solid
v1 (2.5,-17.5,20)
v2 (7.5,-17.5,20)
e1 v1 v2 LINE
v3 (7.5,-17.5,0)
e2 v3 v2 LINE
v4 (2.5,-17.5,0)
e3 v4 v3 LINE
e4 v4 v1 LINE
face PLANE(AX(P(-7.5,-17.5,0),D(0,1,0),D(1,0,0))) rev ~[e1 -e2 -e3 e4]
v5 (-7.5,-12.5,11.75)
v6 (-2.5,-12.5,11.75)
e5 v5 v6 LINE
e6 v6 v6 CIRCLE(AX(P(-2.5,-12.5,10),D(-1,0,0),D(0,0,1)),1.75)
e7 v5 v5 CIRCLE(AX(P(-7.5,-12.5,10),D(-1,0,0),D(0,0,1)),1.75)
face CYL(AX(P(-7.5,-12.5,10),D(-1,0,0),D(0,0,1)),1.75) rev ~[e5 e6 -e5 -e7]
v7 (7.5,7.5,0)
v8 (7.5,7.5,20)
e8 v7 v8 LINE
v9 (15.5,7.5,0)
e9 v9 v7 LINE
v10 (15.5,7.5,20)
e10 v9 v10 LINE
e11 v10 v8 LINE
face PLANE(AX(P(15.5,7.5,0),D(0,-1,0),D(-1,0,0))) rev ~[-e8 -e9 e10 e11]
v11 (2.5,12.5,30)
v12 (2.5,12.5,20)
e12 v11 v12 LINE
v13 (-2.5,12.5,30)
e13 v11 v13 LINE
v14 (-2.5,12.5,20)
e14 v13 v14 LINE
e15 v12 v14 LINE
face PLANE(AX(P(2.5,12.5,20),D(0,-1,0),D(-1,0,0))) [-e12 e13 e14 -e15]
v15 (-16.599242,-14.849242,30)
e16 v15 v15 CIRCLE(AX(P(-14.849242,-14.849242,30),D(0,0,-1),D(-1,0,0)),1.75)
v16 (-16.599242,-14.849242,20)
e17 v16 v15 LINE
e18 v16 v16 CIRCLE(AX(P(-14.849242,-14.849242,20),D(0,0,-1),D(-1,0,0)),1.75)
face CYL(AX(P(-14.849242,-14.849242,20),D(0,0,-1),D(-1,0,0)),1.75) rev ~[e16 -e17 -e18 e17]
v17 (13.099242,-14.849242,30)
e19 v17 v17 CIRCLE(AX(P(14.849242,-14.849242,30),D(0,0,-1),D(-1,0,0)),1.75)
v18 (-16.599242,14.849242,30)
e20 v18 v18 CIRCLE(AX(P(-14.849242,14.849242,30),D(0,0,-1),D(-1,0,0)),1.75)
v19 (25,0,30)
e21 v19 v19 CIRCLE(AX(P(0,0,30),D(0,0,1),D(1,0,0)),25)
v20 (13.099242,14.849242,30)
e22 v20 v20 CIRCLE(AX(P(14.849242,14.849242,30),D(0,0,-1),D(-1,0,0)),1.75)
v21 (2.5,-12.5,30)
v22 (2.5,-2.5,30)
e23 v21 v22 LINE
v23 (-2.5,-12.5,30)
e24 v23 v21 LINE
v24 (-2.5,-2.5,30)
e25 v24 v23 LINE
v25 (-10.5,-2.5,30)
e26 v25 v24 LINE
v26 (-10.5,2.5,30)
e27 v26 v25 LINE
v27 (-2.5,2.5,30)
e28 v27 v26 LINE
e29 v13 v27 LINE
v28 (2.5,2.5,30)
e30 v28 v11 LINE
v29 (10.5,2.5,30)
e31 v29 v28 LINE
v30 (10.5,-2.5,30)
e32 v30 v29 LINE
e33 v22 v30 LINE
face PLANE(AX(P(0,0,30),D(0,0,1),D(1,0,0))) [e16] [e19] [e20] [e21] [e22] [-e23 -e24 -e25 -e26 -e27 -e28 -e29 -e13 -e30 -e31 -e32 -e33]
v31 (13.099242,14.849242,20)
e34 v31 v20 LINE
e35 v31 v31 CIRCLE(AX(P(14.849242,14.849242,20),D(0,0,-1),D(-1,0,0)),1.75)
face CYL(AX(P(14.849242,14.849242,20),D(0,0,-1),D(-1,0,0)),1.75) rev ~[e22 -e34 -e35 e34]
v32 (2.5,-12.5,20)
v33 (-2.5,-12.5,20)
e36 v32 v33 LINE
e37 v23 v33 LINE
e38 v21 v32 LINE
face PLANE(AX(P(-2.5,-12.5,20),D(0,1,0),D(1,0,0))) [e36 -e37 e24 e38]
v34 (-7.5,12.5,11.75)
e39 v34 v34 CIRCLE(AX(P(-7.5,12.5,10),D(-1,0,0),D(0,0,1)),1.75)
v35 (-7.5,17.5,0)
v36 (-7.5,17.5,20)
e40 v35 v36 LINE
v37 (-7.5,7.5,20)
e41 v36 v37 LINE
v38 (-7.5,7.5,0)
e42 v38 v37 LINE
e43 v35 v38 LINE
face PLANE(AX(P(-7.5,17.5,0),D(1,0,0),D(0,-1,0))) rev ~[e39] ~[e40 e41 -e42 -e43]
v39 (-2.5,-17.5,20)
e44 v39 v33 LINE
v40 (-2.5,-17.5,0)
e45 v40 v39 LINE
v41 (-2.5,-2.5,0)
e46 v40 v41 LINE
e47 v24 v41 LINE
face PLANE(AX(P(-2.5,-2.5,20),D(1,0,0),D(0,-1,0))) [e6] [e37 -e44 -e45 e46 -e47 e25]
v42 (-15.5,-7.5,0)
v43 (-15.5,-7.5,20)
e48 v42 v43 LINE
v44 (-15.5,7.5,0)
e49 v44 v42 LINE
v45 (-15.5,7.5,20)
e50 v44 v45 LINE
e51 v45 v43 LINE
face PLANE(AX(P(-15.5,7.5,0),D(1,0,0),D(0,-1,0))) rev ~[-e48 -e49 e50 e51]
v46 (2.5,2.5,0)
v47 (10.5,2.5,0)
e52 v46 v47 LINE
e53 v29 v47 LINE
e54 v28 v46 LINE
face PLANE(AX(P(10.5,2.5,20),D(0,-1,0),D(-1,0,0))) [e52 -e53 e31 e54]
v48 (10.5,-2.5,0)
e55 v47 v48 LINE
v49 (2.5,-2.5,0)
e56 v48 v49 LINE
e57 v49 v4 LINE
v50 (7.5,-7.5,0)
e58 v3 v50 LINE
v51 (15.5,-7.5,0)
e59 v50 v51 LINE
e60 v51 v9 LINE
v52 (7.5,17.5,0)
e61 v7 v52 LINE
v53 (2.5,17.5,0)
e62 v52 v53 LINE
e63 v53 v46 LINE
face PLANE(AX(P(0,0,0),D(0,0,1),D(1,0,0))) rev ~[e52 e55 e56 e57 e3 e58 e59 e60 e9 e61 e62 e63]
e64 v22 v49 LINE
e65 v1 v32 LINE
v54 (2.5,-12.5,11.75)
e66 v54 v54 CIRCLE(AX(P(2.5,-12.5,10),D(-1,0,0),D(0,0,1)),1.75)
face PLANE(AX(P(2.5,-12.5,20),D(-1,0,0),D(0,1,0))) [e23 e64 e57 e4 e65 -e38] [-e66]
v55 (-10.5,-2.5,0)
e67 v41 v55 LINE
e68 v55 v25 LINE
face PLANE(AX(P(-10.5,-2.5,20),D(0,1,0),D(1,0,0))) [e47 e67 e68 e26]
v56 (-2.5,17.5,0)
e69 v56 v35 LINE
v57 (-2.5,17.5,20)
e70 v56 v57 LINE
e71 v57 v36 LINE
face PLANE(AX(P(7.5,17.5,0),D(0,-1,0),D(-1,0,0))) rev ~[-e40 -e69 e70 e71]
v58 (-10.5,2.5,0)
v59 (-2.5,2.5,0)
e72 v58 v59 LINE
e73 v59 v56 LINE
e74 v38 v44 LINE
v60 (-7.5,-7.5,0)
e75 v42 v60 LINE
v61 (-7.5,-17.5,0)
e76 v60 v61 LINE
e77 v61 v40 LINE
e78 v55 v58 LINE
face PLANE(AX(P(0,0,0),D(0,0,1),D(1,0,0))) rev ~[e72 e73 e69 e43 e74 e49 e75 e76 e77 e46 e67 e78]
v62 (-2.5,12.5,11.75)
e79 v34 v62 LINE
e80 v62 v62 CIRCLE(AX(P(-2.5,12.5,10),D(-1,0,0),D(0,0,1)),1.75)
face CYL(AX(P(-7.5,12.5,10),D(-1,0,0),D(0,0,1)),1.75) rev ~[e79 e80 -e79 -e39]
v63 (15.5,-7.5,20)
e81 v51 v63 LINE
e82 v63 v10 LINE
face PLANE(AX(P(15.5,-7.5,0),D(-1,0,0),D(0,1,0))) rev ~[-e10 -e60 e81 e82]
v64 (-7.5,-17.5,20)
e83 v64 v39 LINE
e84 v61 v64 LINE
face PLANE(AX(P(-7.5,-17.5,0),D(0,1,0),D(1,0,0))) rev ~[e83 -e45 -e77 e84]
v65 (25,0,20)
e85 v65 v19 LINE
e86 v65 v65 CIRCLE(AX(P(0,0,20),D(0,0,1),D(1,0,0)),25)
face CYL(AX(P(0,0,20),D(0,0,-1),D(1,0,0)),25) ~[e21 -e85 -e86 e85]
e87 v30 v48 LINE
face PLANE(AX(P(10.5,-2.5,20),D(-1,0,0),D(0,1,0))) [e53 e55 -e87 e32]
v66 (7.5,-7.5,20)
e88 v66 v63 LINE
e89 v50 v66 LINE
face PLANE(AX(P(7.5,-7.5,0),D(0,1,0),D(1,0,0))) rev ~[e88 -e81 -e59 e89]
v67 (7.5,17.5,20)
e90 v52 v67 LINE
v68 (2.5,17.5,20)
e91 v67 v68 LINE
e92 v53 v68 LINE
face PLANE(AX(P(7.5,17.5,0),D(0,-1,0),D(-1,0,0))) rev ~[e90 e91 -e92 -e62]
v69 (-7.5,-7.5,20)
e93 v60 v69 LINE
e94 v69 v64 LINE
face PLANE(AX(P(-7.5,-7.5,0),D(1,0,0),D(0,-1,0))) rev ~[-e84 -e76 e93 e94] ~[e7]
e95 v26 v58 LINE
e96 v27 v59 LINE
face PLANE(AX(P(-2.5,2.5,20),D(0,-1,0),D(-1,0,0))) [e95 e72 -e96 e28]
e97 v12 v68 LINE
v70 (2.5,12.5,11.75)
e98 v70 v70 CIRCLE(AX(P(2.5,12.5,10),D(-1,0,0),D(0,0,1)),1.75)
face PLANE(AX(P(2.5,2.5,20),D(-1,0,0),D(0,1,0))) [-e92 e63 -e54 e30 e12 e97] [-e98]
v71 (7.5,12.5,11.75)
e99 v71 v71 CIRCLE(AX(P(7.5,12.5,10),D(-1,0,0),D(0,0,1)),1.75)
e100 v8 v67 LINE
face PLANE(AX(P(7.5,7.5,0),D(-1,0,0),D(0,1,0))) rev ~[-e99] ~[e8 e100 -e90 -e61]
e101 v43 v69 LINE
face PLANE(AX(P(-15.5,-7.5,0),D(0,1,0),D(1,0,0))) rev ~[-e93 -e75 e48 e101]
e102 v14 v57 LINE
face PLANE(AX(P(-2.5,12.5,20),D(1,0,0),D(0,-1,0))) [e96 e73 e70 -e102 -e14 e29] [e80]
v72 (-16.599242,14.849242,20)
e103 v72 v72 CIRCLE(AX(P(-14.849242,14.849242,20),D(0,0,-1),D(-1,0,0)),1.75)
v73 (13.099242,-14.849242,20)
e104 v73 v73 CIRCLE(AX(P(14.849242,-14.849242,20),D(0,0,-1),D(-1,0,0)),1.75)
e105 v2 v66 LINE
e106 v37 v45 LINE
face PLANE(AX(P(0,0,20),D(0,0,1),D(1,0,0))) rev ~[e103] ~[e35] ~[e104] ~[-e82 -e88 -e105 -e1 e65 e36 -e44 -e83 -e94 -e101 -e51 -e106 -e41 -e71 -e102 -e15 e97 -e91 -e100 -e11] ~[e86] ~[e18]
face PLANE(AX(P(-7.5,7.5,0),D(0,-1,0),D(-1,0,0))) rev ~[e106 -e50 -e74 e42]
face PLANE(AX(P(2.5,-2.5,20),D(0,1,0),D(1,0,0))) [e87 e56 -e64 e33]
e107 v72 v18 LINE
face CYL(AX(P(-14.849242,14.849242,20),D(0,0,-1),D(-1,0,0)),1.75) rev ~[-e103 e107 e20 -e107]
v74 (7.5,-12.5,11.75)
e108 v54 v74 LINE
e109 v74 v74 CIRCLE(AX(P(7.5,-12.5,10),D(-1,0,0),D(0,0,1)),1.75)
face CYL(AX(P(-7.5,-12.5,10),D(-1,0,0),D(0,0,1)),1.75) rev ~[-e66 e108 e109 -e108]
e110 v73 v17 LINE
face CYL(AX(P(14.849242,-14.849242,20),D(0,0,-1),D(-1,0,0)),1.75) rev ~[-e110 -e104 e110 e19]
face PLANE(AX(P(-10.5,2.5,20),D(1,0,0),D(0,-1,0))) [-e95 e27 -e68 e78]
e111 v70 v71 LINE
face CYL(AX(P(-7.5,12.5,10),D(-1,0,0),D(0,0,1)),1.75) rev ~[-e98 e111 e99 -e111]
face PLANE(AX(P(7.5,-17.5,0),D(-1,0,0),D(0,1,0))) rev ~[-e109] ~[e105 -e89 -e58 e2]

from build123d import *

# Parameters (mm, degrees)
EXTRUDE_1_DEPTH     = 20
SKETCH_2_R          = 25
EXTRUDE_2_DEPTH     = 10
SKETCH_5_W          = 5
SKETCH_5_H          = 5
CUT_EXTRUDE_2_DEPTH = 20
SKETCH_6_R          = 1.75
CUT_EXTRUDE_3_DEPTH = 10
SKETCH_7_R          = 1.75
CUT_EXTRUDE_4_DEPTH = 38


with BuildPart() as part:
    # 草图1 → 凸台-拉伸1 (new body)
    with BuildSketch(Plane.XY):
        Polygon((-15.5, 7.5), (-15.5, -7.5), (-7.5, -7.5), (-7.5, -17.5), (7.5, -17.5), (7.5, -7.5), (15.5, -7.5), (15.5, 7.5), (7.5, 7.5), (7.5, 17.5), (-7.5, 17.5), (-7.5, 7.5), align=None)
        Polygon((-10.5, 2.5), (-2.5, 2.5), (-2.5, 12.5), (2.5, 12.5), (2.5, 2.5), (10.5, 2.5), (10.5, -2.5), (2.5, -2.5), (2.5, -12.5), (-2.5, -12.5), (-2.5, -2.5), (-10.5, -2.5), align=None, mode=Mode.SUBTRACT)
    extrude(amount=EXTRUDE_1_DEPTH)

    # 草图2 → 凸台-拉伸2 (add)
    with BuildSketch(Plane.XY.offset(20)):
        Circle(SKETCH_2_R)
        Polygon((-10.5, -2.5), (-2.5, -2.5), (-2.5, -12.5), (2.5, -12.5), (2.5, -2.5), (10.5, -2.5), (10.5, 2.5), (2.5, 2.5), (2.5, 12.5), (-2.5, 12.5), (-2.5, 2.5), (-10.5, 2.5), align=None, mode=Mode.SUBTRACT)
    extrude(amount=EXTRUDE_2_DEPTH)

    # 草图5 → 切除-拉伸2 (cut)
    with BuildSketch(Plane(origin=(0, 0, 0), x_dir=(-1, 0, 0), z_dir=(0, 0, -1))):
        with Locations((0, 15)):
            Rectangle(SKETCH_5_W, SKETCH_5_H)
        with Locations((0, -15)):
            Rectangle(SKETCH_5_W, SKETCH_5_H)
    extrude(amount=-CUT_EXTRUDE_2_DEPTH, mode=Mode.SUBTRACT)

    # 草图6 → 切除-拉伸3 (cut)
    with BuildSketch(Plane(origin=(0, 0, 20), x_dir=(-1, 0, 0), z_dir=(0, 0, -1))):
        with Locations((14.849242405, 14.849242405)):
            Circle(SKETCH_6_R)
        with Locations((14.849242405, -14.849242405)):
            Circle(SKETCH_6_R)
        with Locations((-14.849242405, -14.849242405)):
            Circle(SKETCH_6_R)
        with Locations((-14.849242405, 14.849242405)):
            Circle(SKETCH_6_R)
    extrude(amount=-CUT_EXTRUDE_3_DEPTH, mode=Mode.SUBTRACT)

    # 草图7 → 切除-拉伸4 (cut)
    with BuildSketch(Plane.ZY.offset(7.5)):
        with Locations((10, 12.5)):
            Circle(SKETCH_7_R)
        with Locations((10, -12.5)):
            Circle(SKETCH_7_R)
    extrude(amount=-CUT_EXTRUDE_4_DEPTH, mode=Mode.SUBTRACT)


solid = part.part
